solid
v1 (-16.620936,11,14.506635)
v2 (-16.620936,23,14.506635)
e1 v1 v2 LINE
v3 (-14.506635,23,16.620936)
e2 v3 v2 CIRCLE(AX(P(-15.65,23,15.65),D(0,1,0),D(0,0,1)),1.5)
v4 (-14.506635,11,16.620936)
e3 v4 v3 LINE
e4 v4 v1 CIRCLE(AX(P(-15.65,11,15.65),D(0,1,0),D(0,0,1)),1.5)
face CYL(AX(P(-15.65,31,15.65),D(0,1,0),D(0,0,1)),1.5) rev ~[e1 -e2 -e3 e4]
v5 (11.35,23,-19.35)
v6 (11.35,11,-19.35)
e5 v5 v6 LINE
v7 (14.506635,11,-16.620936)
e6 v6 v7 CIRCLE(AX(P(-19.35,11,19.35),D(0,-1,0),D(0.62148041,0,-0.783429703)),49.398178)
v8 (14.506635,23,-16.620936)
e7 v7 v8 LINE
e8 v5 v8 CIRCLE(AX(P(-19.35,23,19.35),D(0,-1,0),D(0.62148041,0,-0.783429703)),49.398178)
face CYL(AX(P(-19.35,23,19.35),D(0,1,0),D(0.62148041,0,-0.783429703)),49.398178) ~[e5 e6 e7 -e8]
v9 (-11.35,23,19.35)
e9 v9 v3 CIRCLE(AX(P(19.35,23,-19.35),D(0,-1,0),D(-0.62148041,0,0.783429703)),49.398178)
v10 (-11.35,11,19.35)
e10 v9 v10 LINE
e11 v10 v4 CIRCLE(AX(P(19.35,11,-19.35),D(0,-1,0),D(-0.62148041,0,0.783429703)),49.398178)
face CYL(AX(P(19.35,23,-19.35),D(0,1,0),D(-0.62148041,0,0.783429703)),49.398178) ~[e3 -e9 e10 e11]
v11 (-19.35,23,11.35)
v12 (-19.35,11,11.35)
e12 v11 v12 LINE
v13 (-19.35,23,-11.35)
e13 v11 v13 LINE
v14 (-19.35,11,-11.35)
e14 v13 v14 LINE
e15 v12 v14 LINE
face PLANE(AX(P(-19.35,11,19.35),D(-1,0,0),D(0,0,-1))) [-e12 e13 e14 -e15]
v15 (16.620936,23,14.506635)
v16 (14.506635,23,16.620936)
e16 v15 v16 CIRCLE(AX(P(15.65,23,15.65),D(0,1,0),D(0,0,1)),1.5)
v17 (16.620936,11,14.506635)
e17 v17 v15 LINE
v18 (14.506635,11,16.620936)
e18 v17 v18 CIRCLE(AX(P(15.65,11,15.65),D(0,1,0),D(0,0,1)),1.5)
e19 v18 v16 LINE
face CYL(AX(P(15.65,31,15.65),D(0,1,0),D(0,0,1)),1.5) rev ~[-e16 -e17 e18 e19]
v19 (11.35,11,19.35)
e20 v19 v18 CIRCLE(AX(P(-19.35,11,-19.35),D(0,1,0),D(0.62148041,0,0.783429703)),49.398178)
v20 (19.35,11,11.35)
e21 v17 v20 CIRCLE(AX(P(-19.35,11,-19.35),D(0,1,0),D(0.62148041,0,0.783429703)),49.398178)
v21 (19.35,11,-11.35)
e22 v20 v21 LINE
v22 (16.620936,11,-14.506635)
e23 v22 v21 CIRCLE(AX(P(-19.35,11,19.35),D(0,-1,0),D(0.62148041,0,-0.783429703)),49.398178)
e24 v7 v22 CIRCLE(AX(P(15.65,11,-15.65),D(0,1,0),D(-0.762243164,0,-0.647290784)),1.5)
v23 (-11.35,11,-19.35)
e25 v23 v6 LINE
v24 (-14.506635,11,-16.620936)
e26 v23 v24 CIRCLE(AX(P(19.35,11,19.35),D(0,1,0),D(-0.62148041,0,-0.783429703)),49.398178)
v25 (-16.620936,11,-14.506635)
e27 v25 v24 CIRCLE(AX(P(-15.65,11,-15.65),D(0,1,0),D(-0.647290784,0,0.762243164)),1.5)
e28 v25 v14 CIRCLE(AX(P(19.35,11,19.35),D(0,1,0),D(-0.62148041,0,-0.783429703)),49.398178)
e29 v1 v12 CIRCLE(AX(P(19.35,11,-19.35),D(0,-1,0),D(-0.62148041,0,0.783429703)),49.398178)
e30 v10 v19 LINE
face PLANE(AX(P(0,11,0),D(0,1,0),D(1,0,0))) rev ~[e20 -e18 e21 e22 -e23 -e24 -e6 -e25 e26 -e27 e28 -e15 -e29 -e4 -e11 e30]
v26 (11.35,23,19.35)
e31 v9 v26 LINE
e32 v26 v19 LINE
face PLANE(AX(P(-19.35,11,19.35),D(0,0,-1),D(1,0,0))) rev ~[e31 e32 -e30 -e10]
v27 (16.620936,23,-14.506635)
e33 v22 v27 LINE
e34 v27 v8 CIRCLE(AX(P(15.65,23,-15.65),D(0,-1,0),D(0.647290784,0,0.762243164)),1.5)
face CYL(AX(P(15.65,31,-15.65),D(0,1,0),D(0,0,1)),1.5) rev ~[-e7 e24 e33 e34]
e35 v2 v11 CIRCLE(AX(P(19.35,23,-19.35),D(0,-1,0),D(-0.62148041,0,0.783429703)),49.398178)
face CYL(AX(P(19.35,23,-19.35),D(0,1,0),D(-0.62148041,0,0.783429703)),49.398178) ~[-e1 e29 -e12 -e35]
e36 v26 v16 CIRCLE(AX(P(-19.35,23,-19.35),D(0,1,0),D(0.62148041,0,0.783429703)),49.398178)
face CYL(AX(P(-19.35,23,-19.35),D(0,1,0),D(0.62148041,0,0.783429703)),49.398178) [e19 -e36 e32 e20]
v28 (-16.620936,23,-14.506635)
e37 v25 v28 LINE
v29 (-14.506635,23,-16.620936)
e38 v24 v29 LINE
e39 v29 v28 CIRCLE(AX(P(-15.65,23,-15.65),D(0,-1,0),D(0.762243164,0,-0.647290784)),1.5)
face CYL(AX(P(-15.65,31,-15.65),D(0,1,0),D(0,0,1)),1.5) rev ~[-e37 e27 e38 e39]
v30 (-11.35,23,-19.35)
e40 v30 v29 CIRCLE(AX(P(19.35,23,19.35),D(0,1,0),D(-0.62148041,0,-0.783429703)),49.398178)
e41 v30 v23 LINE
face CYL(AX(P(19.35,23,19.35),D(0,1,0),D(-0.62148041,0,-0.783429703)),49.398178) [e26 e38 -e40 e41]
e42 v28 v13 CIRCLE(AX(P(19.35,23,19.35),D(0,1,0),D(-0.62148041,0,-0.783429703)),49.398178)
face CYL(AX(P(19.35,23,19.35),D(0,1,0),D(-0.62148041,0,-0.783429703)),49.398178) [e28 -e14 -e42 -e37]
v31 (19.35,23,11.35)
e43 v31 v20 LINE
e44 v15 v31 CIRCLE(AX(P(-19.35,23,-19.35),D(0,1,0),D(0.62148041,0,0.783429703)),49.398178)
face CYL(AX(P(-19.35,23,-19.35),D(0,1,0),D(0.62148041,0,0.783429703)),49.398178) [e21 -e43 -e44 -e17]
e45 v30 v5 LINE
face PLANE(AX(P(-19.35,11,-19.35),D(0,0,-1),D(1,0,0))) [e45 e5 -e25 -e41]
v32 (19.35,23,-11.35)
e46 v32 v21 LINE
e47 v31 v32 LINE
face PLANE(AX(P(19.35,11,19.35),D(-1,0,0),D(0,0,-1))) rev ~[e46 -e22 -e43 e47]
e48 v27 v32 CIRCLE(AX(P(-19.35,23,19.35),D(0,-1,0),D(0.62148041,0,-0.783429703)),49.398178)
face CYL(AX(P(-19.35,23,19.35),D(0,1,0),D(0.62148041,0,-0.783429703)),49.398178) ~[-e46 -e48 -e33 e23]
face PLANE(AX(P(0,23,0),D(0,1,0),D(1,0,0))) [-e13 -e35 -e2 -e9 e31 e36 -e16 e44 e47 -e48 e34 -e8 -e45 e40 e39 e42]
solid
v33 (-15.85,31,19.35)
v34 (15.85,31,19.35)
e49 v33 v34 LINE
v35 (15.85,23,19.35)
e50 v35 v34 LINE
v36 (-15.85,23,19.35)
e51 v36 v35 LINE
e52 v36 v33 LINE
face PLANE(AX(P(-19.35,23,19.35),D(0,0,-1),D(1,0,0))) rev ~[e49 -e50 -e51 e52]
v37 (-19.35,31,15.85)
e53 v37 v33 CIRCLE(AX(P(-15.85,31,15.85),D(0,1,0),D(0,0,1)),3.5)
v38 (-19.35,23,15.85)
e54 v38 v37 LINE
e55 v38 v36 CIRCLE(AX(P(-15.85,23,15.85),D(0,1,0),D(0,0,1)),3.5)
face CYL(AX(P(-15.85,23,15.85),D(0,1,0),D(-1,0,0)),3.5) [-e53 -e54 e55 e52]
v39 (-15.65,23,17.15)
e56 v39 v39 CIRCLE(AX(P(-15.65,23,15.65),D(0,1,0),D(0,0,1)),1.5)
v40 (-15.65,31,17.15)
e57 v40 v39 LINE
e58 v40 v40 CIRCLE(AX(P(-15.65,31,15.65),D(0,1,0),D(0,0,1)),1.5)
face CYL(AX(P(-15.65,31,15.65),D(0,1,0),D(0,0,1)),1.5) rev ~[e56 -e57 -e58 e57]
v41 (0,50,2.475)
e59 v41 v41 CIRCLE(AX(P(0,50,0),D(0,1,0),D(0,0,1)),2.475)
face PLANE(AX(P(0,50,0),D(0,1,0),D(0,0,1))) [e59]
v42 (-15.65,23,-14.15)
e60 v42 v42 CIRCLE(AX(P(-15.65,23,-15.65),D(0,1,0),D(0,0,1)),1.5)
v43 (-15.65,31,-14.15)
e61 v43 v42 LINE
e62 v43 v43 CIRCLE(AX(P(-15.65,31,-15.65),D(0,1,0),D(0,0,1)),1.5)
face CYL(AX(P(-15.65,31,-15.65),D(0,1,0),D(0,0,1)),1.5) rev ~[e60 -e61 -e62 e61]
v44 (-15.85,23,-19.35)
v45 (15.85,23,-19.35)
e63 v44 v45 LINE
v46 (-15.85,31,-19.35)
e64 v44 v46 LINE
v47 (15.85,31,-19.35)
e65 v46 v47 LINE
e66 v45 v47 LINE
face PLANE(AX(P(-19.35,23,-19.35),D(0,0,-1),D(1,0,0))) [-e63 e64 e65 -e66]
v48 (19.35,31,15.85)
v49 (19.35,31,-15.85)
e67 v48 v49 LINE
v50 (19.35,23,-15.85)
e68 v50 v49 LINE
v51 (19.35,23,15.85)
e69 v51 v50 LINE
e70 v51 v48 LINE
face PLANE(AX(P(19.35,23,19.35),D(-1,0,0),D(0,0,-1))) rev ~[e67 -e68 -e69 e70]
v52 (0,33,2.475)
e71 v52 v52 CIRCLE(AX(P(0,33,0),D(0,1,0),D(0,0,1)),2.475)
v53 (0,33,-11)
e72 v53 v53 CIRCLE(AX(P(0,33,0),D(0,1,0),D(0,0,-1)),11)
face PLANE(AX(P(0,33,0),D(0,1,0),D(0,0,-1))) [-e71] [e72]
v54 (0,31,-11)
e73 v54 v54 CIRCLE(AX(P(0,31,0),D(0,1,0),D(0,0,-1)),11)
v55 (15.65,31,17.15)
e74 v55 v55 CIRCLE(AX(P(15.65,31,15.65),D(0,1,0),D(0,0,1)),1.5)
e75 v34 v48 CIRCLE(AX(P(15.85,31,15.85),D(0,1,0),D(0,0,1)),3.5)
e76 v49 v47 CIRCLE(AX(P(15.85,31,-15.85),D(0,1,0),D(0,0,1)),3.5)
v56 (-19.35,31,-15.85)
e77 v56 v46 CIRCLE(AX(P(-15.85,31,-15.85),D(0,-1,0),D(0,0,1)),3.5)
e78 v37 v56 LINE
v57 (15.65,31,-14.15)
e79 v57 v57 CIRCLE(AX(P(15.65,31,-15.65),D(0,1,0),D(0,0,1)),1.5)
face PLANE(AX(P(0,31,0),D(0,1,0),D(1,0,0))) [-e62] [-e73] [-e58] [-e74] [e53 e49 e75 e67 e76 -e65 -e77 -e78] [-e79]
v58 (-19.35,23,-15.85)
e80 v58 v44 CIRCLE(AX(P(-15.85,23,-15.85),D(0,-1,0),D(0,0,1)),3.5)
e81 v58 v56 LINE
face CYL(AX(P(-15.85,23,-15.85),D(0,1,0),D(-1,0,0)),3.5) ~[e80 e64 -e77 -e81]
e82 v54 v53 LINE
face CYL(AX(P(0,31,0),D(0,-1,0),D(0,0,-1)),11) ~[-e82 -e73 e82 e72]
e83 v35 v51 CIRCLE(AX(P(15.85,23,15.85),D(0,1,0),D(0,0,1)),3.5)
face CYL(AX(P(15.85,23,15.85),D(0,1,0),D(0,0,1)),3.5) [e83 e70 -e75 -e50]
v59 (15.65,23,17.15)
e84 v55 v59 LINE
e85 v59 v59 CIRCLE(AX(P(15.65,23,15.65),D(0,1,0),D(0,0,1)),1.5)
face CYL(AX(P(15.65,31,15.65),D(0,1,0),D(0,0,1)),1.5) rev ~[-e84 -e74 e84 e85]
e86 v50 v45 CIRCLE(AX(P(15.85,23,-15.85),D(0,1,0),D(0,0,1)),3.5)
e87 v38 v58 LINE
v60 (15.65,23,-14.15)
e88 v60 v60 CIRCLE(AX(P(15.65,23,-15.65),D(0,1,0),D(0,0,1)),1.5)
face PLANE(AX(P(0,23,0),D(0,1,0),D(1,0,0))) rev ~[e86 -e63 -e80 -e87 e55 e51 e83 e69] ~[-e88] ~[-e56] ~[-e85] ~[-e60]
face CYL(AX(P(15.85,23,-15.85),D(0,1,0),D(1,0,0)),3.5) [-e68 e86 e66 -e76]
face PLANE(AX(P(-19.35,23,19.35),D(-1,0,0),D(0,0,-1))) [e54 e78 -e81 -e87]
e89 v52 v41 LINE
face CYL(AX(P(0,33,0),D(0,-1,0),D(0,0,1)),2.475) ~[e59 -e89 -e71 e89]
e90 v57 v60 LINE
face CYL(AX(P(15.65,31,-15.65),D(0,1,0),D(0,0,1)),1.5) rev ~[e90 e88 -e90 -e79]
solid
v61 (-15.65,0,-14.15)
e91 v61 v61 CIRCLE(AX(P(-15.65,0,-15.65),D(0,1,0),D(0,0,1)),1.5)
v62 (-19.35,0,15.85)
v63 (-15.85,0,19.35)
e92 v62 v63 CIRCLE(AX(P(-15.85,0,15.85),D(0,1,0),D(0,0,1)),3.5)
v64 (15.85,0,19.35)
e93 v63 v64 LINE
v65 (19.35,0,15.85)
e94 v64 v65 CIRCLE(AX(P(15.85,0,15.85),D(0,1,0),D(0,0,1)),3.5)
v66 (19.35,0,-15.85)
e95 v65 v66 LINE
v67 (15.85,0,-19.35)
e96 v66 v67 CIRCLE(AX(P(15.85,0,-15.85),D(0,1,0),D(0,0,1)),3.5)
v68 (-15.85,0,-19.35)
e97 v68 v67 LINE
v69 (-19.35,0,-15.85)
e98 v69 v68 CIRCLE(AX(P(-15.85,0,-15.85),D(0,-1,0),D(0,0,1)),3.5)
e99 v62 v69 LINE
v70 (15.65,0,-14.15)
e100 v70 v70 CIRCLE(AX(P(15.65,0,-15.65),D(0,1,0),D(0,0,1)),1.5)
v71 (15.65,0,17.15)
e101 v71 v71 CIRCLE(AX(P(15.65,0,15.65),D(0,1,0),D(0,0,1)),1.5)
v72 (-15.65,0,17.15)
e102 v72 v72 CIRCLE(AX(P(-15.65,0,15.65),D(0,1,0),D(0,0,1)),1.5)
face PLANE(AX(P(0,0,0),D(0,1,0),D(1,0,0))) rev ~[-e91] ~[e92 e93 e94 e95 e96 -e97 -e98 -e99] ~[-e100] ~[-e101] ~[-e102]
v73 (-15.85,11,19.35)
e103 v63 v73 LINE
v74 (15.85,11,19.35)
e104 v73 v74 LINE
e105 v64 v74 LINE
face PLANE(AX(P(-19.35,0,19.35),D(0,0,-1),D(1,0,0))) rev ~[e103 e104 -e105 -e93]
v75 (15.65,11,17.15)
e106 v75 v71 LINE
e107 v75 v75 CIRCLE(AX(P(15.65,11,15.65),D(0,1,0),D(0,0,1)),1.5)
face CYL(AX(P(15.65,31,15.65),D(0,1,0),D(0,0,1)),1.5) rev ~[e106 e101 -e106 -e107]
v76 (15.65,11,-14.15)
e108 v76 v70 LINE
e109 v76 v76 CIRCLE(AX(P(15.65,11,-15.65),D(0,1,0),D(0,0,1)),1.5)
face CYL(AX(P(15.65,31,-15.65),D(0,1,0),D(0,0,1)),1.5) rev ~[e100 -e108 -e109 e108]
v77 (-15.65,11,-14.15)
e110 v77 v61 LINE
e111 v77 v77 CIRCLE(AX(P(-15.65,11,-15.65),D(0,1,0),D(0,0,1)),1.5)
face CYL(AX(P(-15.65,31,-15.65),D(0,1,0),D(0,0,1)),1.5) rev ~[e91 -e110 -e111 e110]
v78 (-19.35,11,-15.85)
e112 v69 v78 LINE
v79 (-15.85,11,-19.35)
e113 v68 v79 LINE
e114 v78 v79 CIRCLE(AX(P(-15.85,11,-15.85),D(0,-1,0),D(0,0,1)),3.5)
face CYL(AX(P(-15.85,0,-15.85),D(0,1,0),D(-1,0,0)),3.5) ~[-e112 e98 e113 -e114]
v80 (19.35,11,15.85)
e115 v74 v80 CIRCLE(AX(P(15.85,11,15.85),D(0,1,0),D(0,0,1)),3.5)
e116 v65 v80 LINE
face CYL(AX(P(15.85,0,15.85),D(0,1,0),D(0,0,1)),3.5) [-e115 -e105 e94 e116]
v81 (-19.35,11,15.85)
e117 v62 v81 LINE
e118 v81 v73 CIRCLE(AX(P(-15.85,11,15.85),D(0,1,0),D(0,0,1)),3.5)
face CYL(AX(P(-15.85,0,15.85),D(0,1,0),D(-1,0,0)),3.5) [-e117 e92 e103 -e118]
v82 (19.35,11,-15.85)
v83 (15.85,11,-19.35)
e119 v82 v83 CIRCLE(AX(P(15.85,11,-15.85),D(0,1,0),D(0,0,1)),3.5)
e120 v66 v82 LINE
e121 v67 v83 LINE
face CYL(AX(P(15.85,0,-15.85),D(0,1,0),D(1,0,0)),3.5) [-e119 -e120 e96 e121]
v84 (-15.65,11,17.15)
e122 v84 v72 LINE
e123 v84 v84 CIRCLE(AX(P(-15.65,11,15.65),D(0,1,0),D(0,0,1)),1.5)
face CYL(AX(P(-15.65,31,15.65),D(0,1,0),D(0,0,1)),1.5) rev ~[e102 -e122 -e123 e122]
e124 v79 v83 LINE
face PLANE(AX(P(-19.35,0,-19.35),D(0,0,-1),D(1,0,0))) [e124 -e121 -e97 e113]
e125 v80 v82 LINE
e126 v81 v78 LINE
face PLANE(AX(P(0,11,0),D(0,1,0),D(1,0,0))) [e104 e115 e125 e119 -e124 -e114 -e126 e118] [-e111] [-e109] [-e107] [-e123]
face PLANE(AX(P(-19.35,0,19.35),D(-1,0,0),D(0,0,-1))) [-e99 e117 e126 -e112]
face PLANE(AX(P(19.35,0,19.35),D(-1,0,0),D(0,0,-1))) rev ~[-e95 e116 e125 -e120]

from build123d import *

# Parameters (mm, degrees)
SKETCH_1_W          = 38.7
SKETCH_1_H          = 38.7
EXTRUDE_1_DEPTH     = 11
SKETCH_2_W          = 38.7
SKETCH_2_H          = 38.7
EXTRUDE_2_DEPTH     = 12
SKETCH_3_W          = 38.7
SKETCH_3_H          = 38.7
EXTRUDE_3_DEPTH     = 8
CUT_EXTRUDE_1_DEPTH = 12
FILLET_1_R          = 3.5
FILLET_2_R          = 3.5
SKETCH_5_R          = 1.5
CUT_EXTRUDE_2_DEPTH = 42.350272067
SKETCH_6_R          = 11
EXTRUDE_4_DEPTH     = 2
SKETCH_7_R          = 2.475
EXTRUDE_5_DEPTH     = 17


with BuildPart() as part:
    # 스케치1 → 보스-돌출1 (new body)
    with BuildSketch(Plane(origin=(0, 0, 0), x_dir=(1, 0, 0), z_dir=(0, 1, 0))):
        Rectangle(SKETCH_1_W, SKETCH_1_H)
    extrude(amount=EXTRUDE_1_DEPTH)

    # 필렛2
    fillet_2_edges = [part.edges().sort_by_distance(p)[0] for p in [
        (19.35, 5.5, 19.35),
        (-19.35, 5.5, 19.35),
        (-19.35, 5.5, -19.35),
        (19.35, 5.5, -19.35),
    ]]
    fillet(fillet_2_edges, radius=FILLET_2_R)


with BuildPart() as body_2:
    # 스케치2 → 보스-돌출2 (new body)
    with BuildSketch(Plane(origin=(0, 11, 0), x_dir=(1, 0, 0), z_dir=(0, 1, 0))):
        Rectangle(SKETCH_2_W, SKETCH_2_H)
    extrude(amount=EXTRUDE_2_DEPTH)

    # 스케치4 → 컷-돌출1 (cut)
    with BuildSketch(Plane(origin=(0, 23, 0), x_dir=(1, 0, 0), z_dir=(0, 1, 0))):
        with BuildLine():
            Line((19.35, 11.35), (19.35, 19.35))
            Line((19.35, 19.35), (11.35, 19.35))
            ThreePointArc((11.35, 19.35), (15.579786716, 15.579786716), (19.35, 11.35))
        make_face()
        with BuildLine():
            Line((19.35, -11.35), (19.35, -19.35))
            Line((19.35, -19.35), (11.35, -19.35))
            ThreePointArc((11.35, -19.35), (15.579786716, -15.579786716), (19.35, -11.35))
        make_face()
        with BuildLine():
            Line((-19.35, -11.35), (-19.35, -19.35))
            Line((-19.35, -19.35), (-11.35, -19.35))
            ThreePointArc((-11.35, -19.35), (-15.579786716, -15.579786716), (-19.35, -11.35))
        make_face()
        with BuildLine():
            Line((-19.35, 11.35), (-19.35, 19.35))
            Line((-19.35, 19.35), (-11.35, 19.35))
            ThreePointArc((-11.35, 19.35), (-15.579786716, 15.579786716), (-19.35, 11.35))
        make_face()
    extrude(amount=-CUT_EXTRUDE_1_DEPTH, mode=Mode.SUBTRACT)


with BuildPart() as body_3:
    # 스케치3 → 보스-돌출3 (new body)
    with BuildSketch(Plane(origin=(0, 23, 0), x_dir=(1, 0, 0), z_dir=(0, 1, 0))):
        Rectangle(SKETCH_3_W, SKETCH_3_H)
    extrude(amount=EXTRUDE_3_DEPTH)

    # 필렛1
    fillet_1_edges = [body_3.edges().sort_by_distance(p)[0] for p in [
        (19.35, 27, 19.35),
        (-19.35, 27, 19.35),
        (-19.35, 27, -19.35),
        (19.35, 27, -19.35),
    ]]
    fillet(fillet_1_edges, radius=FILLET_1_R)


with BuildPart() as cut_extrude_2_tool:
    # 스케치5 → 컷-돌출2 (new, through all)
    with BuildSketch(Plane(origin=(0, 31, 0), x_dir=(1, 0, 0), z_dir=(0, 1, 0))):
        with Locations(Location((15.65, 15.65, 0), (0, 0, 270))):
            Circle(SKETCH_5_R)
        with Locations(Location((-15.65, 15.65, 0), (0, 0, 270))):
            Circle(SKETCH_5_R)
        with Locations(Location((-15.65, -15.65, 0), (0, 0, 270))):
            Circle(SKETCH_5_R)
        with Locations(Location((15.65, -15.65, 0), (0, 0, 270))):
            Circle(SKETCH_5_R)
    extrude(amount=-CUT_EXTRUDE_2_DEPTH)


with BuildPart() as part_1:
    add(part.part)

    # 컷-돌출2: cut by cut_extrude_2_tool
    add(cut_extrude_2_tool.part, mode=Mode.SUBTRACT)


with BuildPart() as body_2_1:
    add(body_2.part)

    # 컷-돌출2: cut by cut_extrude_2_tool
    add(cut_extrude_2_tool.part, mode=Mode.SUBTRACT)


with BuildPart() as body_3_1:
    add(body_3.part)

    # 컷-돌출2: cut by cut_extrude_2_tool
    add(cut_extrude_2_tool.part, mode=Mode.SUBTRACT)

    # 스케치6 → 보스-돌출4 (add)
    with BuildSketch(Plane(origin=(0, 31, 0), x_dir=(1, 0, 0), z_dir=(0, 1, 0))):
        with Locations(Location((0, 0, 0), (0, 0, 90))):
            Circle(SKETCH_6_R)
    extrude(amount=EXTRUDE_4_DEPTH)

    # 스케치7 → 보스-돌출5 (add)
    with BuildSketch(Plane(origin=(0, 33, 0), x_dir=(1, 0, 0), z_dir=(0, 1, 0))):
        with Locations(Location((0, 0, 0), (0, 0, 270))):
            Circle(SKETCH_7_R)
    extrude(amount=EXTRUDE_5_DEPTH)


solid = Compound([part_1.part, body_2_1.part, body_3_1.part])
